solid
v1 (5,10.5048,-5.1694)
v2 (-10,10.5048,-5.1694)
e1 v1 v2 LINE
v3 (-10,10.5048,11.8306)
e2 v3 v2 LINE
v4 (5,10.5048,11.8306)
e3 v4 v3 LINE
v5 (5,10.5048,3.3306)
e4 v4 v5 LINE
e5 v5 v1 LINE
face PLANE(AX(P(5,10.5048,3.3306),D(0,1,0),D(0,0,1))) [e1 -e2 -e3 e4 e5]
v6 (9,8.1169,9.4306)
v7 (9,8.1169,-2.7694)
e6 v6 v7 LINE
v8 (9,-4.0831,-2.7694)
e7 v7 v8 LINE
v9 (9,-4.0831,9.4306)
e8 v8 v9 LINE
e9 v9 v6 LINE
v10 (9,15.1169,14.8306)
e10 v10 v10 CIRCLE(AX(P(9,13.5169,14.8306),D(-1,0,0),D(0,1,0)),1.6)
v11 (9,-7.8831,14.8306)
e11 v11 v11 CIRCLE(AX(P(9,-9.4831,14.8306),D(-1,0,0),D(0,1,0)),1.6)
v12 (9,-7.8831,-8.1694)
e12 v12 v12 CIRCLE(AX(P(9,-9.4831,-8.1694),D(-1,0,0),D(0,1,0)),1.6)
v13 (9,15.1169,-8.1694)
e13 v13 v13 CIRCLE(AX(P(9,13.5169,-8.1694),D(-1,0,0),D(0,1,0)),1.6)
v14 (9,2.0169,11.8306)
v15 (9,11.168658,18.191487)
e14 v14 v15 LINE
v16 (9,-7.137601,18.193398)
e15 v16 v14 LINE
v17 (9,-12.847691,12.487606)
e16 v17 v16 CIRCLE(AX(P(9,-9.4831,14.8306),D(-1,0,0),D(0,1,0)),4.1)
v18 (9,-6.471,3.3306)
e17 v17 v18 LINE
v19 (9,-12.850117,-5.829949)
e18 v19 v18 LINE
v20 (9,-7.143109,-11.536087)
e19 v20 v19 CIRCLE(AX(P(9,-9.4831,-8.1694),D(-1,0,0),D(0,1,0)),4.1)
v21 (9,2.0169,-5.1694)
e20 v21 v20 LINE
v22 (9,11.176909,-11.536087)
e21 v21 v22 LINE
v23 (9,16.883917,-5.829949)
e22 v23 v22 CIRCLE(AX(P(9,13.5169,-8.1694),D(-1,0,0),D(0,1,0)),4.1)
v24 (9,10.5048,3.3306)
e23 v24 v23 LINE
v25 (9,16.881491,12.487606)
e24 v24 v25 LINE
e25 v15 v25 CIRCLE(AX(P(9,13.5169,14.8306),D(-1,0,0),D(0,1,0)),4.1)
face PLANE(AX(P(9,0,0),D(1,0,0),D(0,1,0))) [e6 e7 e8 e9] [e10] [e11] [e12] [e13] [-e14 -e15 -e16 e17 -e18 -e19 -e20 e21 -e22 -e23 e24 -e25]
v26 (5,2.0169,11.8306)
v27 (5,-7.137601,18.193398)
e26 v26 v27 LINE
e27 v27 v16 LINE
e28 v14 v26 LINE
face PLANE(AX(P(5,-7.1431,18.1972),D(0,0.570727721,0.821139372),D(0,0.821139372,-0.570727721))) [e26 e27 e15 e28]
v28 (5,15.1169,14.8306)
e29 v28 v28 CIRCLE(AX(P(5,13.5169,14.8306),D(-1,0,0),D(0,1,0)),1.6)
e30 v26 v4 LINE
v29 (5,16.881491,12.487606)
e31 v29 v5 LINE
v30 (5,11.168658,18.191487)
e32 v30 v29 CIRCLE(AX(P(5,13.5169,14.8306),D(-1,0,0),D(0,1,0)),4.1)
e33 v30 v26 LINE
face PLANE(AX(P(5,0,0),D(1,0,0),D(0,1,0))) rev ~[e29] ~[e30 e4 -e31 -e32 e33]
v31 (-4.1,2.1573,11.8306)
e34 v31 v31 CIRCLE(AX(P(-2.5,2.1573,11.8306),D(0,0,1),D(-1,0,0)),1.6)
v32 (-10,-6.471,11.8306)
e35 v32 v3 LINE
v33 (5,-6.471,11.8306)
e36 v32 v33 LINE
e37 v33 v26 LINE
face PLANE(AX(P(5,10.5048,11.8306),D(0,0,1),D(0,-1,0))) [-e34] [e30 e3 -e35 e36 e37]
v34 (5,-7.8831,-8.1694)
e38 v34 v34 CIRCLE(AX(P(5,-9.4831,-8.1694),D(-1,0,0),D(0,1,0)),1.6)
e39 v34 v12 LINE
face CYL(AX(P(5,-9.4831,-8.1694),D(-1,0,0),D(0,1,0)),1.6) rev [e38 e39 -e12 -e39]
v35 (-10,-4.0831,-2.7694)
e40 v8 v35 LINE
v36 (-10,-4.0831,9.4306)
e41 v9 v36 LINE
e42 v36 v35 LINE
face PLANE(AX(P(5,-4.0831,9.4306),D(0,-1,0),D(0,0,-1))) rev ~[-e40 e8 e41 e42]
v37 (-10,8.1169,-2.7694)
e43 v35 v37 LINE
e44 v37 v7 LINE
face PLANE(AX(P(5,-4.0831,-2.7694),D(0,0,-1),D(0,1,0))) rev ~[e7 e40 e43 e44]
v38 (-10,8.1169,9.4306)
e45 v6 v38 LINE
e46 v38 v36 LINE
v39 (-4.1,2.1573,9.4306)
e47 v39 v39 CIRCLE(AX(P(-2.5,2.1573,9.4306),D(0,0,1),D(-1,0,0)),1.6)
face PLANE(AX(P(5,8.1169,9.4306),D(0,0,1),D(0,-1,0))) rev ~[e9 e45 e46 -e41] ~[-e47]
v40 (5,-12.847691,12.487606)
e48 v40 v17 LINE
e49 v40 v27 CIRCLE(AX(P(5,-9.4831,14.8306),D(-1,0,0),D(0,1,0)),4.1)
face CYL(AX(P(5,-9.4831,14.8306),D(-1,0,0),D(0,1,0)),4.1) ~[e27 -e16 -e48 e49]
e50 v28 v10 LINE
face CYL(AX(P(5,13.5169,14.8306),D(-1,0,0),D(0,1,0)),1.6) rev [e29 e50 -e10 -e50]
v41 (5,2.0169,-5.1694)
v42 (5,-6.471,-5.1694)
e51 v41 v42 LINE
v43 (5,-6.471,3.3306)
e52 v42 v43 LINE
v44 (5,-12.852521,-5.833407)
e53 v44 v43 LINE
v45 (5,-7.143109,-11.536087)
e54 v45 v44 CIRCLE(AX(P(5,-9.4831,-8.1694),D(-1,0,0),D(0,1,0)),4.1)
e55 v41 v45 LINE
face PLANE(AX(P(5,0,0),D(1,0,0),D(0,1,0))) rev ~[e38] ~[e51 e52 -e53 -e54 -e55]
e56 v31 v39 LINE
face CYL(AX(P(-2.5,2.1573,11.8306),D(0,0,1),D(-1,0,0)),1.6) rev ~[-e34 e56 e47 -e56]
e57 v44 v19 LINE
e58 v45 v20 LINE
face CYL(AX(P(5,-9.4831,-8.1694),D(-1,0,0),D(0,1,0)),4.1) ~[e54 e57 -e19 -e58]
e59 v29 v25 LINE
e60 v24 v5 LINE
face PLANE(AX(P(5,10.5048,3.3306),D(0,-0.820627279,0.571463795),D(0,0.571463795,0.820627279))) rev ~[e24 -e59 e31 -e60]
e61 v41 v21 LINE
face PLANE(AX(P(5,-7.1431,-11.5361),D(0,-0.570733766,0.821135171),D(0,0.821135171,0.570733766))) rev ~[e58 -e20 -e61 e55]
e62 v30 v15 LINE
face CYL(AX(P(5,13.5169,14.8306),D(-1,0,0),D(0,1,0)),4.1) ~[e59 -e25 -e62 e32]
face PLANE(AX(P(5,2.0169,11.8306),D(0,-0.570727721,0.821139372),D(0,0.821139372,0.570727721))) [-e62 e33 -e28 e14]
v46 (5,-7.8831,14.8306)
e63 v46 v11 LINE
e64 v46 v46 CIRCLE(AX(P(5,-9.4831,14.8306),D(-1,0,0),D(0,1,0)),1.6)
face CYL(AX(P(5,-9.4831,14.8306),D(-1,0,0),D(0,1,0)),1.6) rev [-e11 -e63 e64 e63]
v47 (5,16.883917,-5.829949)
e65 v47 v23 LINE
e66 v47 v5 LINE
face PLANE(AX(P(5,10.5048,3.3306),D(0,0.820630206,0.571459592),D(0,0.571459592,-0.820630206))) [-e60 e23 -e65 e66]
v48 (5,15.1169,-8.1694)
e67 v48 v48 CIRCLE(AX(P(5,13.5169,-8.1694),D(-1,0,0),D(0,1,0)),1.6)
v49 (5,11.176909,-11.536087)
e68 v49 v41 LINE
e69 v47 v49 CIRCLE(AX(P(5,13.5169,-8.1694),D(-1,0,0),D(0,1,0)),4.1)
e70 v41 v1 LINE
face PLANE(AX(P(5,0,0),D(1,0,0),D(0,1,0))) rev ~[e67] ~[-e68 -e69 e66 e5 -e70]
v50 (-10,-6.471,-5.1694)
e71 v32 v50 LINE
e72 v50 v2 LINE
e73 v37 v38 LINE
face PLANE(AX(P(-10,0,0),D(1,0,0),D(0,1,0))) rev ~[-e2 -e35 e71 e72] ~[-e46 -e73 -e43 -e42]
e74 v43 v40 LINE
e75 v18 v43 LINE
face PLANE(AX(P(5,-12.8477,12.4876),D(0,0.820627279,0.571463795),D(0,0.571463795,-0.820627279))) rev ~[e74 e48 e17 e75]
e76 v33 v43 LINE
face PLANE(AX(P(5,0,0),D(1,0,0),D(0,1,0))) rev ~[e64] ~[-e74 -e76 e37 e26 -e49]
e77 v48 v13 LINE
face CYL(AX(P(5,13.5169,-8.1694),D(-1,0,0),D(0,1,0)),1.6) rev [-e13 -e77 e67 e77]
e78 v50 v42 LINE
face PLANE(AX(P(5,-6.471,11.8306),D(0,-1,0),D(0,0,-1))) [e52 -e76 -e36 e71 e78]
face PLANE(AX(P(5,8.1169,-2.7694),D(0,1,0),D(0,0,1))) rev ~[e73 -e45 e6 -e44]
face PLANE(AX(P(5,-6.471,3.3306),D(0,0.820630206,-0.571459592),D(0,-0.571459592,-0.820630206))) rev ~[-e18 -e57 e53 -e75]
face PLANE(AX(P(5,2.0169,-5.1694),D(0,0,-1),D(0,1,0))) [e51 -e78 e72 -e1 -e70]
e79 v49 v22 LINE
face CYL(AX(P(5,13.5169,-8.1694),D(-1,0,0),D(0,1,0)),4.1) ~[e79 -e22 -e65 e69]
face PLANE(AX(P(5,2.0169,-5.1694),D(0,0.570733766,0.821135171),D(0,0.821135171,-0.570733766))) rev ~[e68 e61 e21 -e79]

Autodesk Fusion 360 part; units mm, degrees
sketch "Sketch2" plane through (5, 0, 0) normal (1, 0, 0) x (0, 1, 0)
  line L0 (16.9637, 18.2844) -> (-13.0292, -11.7227) construction
  line L1 (-12.9363, 18.2856) -> (17.0619, -11.7162) construction
  circle A0 centre (13.5169, 14.8306) radius 1.6
  circle A1 centre (-9.4831, 14.8306) radius 1.6
  circle A2 centre (-9.4831, -8.1694) radius 1.6
  circle A3 centre (13.5169, -8.1694) radius 1.6
  circle A4 centre (-9.4831, 14.8306) radius 4.1
  circle A5 centre (13.5169, 14.8306) radius 4.1
  circle A6 centre (-9.4831, -8.1694) radius 4.1
  line L2 (9.4619, 10.7862) -> (-5.5274, -4.2245) construction
  line L3 (-7.1431, 18.1972) -> (2.0169, 11.8306)
  line L4 (2.0169, 11.8306) -> (11.1769, 18.1972)
  line L5 (-12.8477, 12.4876) -> (-6.471, 3.3306)
  line L6 (-6.471, 3.3306) -> (-12.8477, -5.8265)
  line L7 (-7.1431, -11.5361) -> (2.0169, -5.1694)
  line L8 (10.5048, 3.3306) -> (16.8815, 12.4876)
  circle A7 centre (13.5169, -8.1694) radius 4.1
  line L9 (10.5048, 3.3306) -> (16.8815, -5.8265)
  line L10 (2.0169, -5.1694) -> (11.1769, -11.5361)
  line L11 (-4.0831, -2.7694) -> (8.1169, -2.7694)
  line L12 (8.1169, -2.7694) -> (8.1169, 9.4306)
  line L13 (8.1169, 9.4306) -> (-4.0831, 9.4306)
  line L14 (-4.0831, 9.4306) -> (-4.0831, -2.7694)
  line L15 (-4.0831, -2.7694) -> (8.1169, 9.4306) construction
  line L16 (8.1169, -2.7694) -> (-4.0831, 9.4306) construction
  line L17 (10.5048, 11.8306) -> (-6.471, 11.8306)
  line L18 (-6.471, 11.8306) -> (-6.471, -5.1694)
  line L19 (-6.471, -5.1694) -> (10.5048, -5.1694)
  line L20 (10.5048, -5.1694) -> (10.5048, 11.8306)
  line L21 (10.5048, 11.8306) -> (-6.471, -5.1694) construction
  line L22 (-6.471, 11.8306) -> (10.5048, -5.1694) construction
  point P0 (2.0169, 3.3306)
  point P1 (2.0169, 3.3306)
  point P2 (2.0169, 3.3306)
  point P3 (2.0169, 3.3306)
  point P4 (2.0169, 3.3306)
  dimension "d11" = 3.2
  dimension "d12" = 11.5
  dimension "d13" = 3.2
  dimension "d14" = 3.2
  dimension "d15" = 3.2
  dimension "d18" = 11.5
  dimension "d19" = 23
  dimension "d20" = 8.2
  dimension "d21" = 8.2
  dimension "d22" = 8.2
  dimension "d23" = 8.2
  dimension "d33" = 12.2
  dimension "d34" = 17
  dimension "d35" = 23
extrude "Extrude14" add sketch "Sketch2" along normal blind 5
extrude "Extrude16" add sketch "Sketch2" against normal blind 15 contours L17 L18 L19 L20
sketch "Sketch5" plane through (0, 0, 11.8306) normal (0, 0, 1) x (-1, 0, 0)
  line L0 (-5, -2.0169) -> (-5, -10.5048)
  line L1 (-5, -10.5048) -> (10, -10.5048)
  line L2 (10, -10.5048) -> (10, 6.471)
  line L3 (10, 6.471) -> (-5, 6.471)
  line L4 (-5, 6.471) -> (-5, -2.0169)
  circle A0 centre (2.5, -2.1573) radius 1.6
  circle A1 centre (2.5, -2.1573) radius 3.1
  dimension "d61" = 3.2
  dimension "d64" = 6.2
extrude "Extrude17" cut sketch "Sketch5" against normal blind 5 contours A0
move_face "MoveFace1" by (-1, 0, 0) 1 faces at (10, -3.3164, 12.0306)
extrude "Extrude18" [suppressed]
extrude "Extrude15" [suppressed]
extrude "Extrude3" [suppressed]
equation "d11 = motorScrewHole"
equation "d12 = boltDistance / 2"
equation "d13 = motorScrewHole"
equation "d14 = motorScrewHole"
equation "d15 = motorScrewHole"
equation "motorScrewHole = 3.2 mm" comment "poo"
equation "d18 = boltDistance / 2"
equation "d19 = boltDistance"
equation "d20 = motorScrewHole + 5 mm"
equation "d21 = motorScrewHole + 5 mm"
equation "d22 = motorScrewHole + 5 mm"
equation "d23 = motorScrewHole + 5 mm"
equation "d35 = boltDistance"
equation "boltDistance = 23 mm"
